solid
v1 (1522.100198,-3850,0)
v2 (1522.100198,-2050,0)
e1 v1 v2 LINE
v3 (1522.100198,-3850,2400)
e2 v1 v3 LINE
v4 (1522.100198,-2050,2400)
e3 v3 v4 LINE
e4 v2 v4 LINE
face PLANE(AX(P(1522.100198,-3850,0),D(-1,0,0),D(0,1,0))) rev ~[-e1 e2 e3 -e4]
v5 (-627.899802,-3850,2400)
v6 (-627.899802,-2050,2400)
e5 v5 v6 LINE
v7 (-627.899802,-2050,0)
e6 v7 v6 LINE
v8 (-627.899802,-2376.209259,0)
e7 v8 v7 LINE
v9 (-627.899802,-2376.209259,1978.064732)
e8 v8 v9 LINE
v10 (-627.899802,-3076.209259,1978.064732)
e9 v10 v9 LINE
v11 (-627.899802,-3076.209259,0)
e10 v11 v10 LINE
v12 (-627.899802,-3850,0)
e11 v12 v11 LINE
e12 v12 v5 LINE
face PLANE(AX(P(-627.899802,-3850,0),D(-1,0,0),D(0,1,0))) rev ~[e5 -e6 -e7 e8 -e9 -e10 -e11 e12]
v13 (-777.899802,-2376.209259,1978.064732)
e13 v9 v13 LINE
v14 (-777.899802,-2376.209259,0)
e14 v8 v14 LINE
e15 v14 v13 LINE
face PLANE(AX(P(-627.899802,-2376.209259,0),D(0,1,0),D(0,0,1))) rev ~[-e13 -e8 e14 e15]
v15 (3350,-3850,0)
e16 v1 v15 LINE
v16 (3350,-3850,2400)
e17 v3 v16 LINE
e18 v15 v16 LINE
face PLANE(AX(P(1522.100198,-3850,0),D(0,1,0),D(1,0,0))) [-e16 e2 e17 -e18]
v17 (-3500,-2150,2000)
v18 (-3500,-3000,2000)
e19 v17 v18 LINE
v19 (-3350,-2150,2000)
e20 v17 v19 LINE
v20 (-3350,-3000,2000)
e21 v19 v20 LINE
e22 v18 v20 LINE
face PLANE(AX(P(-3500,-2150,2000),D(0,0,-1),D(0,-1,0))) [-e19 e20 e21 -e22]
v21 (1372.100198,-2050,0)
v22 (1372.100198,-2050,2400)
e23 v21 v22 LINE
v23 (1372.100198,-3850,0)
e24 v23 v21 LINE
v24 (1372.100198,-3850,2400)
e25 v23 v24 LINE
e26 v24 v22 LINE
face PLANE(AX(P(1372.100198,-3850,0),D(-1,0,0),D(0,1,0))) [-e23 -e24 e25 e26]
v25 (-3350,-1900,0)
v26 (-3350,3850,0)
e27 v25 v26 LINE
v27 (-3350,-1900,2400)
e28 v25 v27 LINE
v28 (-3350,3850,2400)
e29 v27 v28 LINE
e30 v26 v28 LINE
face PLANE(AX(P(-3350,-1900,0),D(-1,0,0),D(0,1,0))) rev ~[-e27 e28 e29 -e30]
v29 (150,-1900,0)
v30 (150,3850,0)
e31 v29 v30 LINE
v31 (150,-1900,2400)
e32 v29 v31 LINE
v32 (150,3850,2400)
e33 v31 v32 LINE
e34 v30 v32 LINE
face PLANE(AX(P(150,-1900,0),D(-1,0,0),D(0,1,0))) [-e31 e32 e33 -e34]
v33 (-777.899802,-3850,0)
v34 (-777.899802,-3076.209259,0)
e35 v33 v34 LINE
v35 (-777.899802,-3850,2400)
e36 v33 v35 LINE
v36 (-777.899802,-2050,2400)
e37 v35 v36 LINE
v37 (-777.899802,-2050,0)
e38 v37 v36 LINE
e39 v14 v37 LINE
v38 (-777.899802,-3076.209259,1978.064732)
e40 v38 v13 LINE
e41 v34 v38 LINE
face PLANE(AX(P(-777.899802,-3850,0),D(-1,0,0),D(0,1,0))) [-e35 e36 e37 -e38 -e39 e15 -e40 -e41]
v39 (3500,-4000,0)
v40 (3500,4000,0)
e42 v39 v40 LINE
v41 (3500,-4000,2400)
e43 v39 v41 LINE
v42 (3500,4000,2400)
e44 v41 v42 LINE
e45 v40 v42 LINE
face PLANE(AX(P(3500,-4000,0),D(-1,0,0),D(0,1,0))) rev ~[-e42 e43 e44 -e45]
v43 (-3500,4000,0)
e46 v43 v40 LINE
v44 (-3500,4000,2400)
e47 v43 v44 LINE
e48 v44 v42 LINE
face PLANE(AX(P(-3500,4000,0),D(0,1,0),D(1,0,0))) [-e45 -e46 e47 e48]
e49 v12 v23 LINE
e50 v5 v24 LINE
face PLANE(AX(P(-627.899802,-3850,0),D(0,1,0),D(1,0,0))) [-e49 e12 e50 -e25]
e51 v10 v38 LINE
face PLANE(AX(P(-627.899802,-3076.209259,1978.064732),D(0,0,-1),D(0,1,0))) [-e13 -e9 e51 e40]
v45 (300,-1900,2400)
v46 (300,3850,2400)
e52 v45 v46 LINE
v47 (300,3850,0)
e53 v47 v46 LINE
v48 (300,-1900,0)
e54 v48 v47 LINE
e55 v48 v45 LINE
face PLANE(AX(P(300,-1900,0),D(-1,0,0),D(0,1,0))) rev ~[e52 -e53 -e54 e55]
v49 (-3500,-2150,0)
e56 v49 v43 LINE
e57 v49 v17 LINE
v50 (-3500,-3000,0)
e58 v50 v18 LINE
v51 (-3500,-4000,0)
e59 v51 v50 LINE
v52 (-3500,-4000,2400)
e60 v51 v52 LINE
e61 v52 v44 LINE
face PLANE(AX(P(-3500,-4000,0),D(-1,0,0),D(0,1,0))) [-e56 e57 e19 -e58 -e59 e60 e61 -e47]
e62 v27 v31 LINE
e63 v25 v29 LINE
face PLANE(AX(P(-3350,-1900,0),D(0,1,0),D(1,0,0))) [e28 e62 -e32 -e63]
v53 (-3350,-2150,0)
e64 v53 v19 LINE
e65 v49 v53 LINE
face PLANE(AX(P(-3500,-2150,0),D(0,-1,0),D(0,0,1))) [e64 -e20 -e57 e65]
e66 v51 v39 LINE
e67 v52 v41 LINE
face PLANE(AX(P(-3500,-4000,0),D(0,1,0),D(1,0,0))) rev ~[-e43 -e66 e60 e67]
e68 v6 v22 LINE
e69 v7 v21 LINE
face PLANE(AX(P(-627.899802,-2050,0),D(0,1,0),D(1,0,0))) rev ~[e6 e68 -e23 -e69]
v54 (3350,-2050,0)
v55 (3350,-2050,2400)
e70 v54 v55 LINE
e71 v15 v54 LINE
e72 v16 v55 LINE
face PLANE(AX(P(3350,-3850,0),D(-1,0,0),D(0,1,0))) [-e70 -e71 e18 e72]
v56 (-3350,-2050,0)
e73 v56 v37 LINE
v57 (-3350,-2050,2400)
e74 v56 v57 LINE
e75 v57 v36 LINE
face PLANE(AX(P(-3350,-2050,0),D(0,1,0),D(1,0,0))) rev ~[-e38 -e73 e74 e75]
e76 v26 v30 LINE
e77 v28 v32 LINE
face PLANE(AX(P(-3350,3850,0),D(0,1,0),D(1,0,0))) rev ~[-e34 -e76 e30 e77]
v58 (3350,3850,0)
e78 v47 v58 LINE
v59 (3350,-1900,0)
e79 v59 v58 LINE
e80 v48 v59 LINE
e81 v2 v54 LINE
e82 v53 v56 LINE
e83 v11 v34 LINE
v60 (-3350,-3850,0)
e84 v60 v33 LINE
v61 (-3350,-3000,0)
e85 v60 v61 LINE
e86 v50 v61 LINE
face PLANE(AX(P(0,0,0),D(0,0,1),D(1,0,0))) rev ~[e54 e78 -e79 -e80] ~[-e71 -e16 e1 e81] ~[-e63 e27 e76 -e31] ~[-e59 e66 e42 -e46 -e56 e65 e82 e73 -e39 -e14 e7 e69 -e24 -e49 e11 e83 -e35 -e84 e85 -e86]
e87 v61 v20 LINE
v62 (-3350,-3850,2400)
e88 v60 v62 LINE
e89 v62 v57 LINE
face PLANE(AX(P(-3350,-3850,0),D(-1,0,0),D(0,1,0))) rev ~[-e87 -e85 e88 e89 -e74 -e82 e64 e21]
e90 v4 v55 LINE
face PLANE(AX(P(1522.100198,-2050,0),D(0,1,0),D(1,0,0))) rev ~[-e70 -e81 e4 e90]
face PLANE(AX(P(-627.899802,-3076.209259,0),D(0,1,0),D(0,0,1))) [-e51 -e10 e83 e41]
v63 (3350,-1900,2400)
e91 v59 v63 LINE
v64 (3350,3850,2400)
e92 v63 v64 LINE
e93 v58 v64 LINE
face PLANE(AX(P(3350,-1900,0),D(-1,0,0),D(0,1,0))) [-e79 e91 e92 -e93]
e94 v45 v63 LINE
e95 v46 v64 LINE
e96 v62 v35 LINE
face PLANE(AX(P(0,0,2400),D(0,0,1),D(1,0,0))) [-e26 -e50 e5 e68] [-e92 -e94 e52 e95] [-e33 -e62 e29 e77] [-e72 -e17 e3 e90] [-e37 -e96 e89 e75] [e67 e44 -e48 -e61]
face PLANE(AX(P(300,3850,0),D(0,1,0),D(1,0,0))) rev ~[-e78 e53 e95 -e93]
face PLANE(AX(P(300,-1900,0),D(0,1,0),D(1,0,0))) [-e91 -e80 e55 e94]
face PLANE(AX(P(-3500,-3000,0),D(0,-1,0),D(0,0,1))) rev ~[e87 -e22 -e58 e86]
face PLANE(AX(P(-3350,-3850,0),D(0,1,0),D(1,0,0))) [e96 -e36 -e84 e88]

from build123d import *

# Parameters (mm, degrees)
F0_W     = 7000
F0_H     = 8000
F0_W_2   = 2572.100198
F0_H_2   = 1800
F0_W_3   = 2000
F0_W_4   = 1827.899802
F0_W_5   = 3500
F0_H_3   = 5750
F0_W_6   = 3050
F1_DEPTH = 2400
F2_W     = 850
F2_H     = 2000
F3_DEPTH = 150
F4_W     = 700
F4_H     = 1978.064732
F5_DEPTH = 150


with BuildPart() as f1:
    # F0 (on Top) → F1 (new body)
    with BuildSketch(Plane.XY):
        Rectangle(F0_W, F0_H)
        with Locations((-2063.949901, -2950)):
            Rectangle(F0_W_2, F0_H_2, mode=Mode.SUBTRACT)
        with Locations((372.100198, -2950)):
            Rectangle(F0_W_3, F0_H_2, mode=Mode.SUBTRACT)
        with Locations((2436.050099, -2950)):
            Rectangle(F0_W_4, F0_H_2, mode=Mode.SUBTRACT)
        with Locations((-1600, 975)):
            Rectangle(F0_W_5, F0_H_3, mode=Mode.SUBTRACT)
        with Locations((1825, 975)):
            Rectangle(F0_W_6, F0_H_3, mode=Mode.SUBTRACT)
    extrude(amount=F1_DEPTH)

    # F2 (on face) → F3 (cut, through all)
    with BuildSketch(Plane(origin=(-3500, 0, 0), x_dir=(0, -1, 0), z_dir=(-1, 0, 0))):
        with Locations((2575, 1000)):
            Rectangle(F2_W, F2_H)
    extrude(amount=-F3_DEPTH, mode=Mode.SUBTRACT)

    # F4 (on face) → F5 (cut, through all)
    with BuildSketch(Plane.YZ.offset(-627.899802)):
        with Locations((-2726.209259, 989.032366)):
            Rectangle(F4_W, F4_H)
    extrude(amount=-F5_DEPTH, mode=Mode.SUBTRACT)


solid = f1.part
